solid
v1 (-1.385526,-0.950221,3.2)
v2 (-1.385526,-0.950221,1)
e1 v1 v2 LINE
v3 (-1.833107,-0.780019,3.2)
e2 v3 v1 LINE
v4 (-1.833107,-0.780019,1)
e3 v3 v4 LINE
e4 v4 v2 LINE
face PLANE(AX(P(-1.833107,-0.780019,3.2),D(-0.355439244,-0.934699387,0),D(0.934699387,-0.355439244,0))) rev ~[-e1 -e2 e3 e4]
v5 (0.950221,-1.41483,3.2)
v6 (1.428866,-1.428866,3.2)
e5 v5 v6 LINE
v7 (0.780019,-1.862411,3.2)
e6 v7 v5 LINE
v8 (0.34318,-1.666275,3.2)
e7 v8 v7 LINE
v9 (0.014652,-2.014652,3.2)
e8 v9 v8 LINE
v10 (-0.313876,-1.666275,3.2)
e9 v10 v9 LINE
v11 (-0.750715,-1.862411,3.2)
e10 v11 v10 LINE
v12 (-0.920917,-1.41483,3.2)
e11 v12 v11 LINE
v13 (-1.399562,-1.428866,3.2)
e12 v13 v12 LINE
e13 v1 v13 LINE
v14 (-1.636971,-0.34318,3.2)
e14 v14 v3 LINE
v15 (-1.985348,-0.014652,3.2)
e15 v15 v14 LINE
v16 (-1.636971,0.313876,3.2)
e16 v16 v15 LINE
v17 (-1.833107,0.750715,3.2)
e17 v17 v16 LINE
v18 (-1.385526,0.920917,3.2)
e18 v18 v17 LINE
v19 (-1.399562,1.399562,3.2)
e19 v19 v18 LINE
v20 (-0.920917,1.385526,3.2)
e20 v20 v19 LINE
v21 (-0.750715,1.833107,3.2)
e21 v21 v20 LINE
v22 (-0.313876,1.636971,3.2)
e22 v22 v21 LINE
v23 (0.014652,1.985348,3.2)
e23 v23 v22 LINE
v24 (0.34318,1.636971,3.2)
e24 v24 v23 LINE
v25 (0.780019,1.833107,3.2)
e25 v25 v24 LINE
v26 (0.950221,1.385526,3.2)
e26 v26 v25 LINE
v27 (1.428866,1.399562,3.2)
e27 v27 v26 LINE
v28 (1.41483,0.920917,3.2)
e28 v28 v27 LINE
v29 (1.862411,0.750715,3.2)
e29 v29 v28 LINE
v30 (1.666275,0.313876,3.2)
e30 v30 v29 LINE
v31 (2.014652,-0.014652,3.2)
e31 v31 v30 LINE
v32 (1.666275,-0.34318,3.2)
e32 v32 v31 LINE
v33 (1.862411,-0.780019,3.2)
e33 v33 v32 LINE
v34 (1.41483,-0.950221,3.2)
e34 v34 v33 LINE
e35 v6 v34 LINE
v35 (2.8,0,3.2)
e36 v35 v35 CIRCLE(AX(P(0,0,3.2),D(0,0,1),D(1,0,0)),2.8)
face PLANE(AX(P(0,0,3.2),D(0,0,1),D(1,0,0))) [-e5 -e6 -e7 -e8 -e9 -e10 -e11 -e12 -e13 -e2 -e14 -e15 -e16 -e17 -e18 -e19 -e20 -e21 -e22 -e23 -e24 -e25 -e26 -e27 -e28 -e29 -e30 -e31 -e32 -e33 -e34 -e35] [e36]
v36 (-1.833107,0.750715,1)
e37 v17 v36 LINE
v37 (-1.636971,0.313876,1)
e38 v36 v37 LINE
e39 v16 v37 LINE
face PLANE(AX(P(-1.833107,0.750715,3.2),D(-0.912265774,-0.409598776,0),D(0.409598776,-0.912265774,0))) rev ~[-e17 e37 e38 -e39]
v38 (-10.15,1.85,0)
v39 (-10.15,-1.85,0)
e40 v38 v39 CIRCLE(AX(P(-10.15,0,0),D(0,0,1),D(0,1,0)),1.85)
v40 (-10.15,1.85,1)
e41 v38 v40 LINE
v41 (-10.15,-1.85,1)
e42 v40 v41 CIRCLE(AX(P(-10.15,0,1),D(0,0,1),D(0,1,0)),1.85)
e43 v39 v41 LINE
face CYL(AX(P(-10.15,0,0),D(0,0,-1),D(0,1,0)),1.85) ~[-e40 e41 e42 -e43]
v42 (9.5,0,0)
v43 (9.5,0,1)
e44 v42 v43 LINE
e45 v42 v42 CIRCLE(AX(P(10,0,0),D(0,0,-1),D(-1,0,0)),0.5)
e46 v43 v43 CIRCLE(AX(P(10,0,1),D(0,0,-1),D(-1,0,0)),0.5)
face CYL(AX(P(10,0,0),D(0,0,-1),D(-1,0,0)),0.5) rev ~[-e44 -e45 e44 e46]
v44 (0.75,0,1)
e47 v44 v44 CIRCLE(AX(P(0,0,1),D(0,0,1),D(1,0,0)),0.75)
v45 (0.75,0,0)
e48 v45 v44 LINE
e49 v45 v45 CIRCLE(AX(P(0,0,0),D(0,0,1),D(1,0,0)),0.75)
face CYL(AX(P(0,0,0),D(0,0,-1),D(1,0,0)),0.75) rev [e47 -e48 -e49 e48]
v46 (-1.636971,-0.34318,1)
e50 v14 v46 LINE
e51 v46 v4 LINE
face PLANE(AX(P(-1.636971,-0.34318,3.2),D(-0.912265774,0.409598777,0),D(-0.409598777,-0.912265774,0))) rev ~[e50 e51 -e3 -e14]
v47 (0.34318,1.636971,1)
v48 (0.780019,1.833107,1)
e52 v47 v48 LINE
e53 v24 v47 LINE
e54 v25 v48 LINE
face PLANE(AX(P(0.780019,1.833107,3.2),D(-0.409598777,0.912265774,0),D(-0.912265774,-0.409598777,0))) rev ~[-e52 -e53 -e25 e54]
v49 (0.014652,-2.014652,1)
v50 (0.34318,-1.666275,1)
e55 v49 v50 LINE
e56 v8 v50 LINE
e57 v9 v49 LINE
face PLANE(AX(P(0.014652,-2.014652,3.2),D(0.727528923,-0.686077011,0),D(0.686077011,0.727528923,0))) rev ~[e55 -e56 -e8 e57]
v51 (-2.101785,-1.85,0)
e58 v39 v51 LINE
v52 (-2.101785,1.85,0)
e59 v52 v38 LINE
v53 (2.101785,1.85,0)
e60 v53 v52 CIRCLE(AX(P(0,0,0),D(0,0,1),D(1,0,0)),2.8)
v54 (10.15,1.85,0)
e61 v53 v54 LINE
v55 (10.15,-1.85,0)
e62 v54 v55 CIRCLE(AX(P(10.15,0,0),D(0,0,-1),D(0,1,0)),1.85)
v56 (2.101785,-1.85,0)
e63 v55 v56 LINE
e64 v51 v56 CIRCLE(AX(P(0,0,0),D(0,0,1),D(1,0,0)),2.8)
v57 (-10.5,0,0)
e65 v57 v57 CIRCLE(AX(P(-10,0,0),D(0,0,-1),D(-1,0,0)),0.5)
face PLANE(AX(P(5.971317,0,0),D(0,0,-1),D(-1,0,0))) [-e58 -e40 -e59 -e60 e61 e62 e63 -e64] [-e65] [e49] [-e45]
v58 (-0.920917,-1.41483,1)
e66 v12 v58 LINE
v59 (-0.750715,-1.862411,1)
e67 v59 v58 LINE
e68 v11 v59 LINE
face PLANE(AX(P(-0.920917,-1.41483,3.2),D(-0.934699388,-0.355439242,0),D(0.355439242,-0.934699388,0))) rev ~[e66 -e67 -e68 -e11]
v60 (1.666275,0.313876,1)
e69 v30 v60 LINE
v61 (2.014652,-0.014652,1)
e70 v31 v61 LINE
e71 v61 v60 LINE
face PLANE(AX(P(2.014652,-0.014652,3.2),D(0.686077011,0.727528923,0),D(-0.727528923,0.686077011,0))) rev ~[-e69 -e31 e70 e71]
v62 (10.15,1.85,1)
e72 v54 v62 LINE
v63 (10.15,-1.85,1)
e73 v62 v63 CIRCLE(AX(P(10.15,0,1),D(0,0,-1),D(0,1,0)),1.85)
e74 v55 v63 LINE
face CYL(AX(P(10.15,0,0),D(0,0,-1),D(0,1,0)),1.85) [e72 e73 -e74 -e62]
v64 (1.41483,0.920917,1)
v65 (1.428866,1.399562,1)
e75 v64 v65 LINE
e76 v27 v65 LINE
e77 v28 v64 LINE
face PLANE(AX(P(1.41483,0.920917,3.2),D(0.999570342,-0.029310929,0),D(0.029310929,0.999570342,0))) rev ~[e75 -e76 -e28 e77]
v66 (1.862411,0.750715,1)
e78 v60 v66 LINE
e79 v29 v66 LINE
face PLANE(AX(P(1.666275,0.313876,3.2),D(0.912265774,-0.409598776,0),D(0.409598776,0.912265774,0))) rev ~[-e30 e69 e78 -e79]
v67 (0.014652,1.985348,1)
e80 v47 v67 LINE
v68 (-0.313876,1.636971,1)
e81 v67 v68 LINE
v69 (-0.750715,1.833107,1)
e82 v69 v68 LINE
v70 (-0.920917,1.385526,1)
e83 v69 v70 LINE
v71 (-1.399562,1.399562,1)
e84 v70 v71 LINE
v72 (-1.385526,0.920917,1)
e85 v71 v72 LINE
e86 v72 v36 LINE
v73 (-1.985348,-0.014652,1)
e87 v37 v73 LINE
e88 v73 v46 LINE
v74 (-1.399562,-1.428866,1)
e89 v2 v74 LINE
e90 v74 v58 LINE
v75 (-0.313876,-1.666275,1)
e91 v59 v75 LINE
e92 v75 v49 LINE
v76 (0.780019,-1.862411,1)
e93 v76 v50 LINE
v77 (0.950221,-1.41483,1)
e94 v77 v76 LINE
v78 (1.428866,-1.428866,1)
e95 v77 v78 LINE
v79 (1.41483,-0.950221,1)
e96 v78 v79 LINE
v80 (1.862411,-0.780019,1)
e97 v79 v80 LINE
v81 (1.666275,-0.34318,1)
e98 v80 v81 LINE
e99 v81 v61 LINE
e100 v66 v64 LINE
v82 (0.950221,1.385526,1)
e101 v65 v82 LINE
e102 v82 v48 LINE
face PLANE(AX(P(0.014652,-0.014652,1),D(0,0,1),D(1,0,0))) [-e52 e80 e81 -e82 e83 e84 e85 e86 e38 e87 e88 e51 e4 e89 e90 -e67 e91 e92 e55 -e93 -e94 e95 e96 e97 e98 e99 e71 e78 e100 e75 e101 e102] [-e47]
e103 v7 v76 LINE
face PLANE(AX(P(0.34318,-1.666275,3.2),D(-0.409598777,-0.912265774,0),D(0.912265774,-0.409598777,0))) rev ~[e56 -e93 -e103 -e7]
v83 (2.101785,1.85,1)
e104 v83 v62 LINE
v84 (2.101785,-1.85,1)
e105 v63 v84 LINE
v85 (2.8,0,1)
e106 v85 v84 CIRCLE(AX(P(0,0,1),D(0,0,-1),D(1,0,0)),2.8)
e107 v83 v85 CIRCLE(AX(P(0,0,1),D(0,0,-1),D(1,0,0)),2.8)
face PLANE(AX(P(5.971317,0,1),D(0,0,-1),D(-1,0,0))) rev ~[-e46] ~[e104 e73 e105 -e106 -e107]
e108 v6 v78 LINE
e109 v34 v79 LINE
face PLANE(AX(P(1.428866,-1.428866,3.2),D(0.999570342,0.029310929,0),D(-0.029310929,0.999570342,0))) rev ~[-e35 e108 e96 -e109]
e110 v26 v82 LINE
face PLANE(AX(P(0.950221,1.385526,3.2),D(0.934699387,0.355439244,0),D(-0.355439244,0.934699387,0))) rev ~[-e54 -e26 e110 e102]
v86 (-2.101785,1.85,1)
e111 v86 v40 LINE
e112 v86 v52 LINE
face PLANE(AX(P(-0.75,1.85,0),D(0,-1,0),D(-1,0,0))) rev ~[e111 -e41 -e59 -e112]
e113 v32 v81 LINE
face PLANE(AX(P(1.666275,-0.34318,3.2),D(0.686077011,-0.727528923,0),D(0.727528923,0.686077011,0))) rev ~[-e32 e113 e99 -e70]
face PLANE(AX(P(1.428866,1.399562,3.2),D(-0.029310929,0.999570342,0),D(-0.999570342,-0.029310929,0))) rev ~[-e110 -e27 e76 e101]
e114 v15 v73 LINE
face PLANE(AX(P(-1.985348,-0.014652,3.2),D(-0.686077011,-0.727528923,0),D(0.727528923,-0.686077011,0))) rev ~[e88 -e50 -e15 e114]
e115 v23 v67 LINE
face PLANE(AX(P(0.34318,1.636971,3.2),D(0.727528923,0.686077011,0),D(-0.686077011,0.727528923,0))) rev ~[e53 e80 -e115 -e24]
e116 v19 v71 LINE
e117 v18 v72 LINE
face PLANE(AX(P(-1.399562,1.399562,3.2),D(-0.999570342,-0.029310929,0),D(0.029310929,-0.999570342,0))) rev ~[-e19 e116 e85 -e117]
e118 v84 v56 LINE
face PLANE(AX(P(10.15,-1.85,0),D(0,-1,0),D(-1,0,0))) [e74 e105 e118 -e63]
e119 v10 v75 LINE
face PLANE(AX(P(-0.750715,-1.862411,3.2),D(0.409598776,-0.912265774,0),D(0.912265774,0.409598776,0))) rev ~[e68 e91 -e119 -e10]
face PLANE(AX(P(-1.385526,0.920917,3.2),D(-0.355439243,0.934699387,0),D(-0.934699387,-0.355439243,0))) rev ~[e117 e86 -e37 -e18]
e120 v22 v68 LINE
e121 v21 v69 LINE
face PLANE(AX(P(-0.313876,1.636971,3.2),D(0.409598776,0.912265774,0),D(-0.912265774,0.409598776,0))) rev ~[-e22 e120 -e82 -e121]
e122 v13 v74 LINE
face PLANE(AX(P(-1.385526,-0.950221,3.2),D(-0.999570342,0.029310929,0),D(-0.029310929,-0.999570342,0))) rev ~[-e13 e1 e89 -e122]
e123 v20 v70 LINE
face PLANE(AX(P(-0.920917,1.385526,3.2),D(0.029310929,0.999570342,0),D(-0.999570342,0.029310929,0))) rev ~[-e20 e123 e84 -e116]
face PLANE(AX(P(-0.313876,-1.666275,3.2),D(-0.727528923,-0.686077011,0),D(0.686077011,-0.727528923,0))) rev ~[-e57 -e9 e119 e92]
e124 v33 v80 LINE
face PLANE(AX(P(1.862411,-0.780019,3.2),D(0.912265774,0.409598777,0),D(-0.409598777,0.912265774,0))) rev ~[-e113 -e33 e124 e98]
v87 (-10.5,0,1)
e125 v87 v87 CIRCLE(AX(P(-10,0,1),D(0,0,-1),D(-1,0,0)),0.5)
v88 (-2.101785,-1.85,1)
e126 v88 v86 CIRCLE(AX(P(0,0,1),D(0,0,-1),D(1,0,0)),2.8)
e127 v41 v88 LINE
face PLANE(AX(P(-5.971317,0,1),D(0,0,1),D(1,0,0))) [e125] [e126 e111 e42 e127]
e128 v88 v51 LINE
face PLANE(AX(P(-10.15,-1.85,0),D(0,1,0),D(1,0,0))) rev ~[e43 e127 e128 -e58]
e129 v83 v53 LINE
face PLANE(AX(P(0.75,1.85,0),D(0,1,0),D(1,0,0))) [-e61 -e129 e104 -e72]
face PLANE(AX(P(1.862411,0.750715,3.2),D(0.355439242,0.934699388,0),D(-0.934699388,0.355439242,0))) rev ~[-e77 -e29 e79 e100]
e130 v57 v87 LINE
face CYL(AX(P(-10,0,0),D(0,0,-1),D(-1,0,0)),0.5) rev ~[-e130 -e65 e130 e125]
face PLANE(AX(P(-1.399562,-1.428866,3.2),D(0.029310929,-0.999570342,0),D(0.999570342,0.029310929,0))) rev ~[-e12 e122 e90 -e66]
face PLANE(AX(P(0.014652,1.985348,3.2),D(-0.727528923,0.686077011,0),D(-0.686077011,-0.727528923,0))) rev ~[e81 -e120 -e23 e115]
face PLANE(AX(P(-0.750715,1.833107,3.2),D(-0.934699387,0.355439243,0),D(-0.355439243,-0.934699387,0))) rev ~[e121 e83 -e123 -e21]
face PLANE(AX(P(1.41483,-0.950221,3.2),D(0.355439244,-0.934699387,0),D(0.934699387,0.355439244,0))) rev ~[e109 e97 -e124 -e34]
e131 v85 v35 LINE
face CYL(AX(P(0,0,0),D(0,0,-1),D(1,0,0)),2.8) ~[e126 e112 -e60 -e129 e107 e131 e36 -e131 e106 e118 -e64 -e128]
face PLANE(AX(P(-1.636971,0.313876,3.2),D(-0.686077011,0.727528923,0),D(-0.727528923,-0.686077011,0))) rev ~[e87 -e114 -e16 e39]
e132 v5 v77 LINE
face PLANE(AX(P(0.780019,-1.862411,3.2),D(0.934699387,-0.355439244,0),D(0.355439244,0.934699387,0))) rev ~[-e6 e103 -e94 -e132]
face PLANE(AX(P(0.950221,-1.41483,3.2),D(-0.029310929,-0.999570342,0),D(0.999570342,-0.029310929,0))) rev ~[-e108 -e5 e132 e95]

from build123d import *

# Parameters (mm, degrees)
SKETCH1_R           = 2.8
BOSS_EXTRUDE1_DEPTH = 3.2
CUT_EXTRUDE1_DEPTH  = 2.2
SKETCH3_R           = 0.75
CUT_EXTRUDE2_DEPTH  = 1
BOSS_EXTRUDE2_DEPTH = 1
CUT_EXTRUDE3_REACH  = 5.2
SKETCH5_R           = 0.5


with BuildPart() as part:
    # Sketch1 → Boss-Extrude1 (new body)
    with BuildSketch(Plane.XY):
        Circle(SKETCH1_R)
    extrude(amount=BOSS_EXTRUDE1_DEPTH)

    # Sketch2 → Cut-Extrude1 (cut)
    with BuildSketch(Plane.XY.offset(3.2)):
        Polygon((0.014651949, 1.985348051), (-0.313876209, 1.636970634), (-0.750714916, 1.833107116), (-0.920917091, 1.385526068), (-1.399561614, 1.399561614), (-1.385526068, 0.920917091), (-1.833107116, 0.750714916), (-1.636970634, 0.313876209), (-1.985348051, -0.014651949), (-1.636970634, -0.343180107), (-1.833107116, -0.780018813), (-1.385526068, -0.950220989), (-1.399561614, -1.428865511), (-0.920917091, -1.414829965), (-0.750714916, -1.862411014), (-0.313876209, -1.666274532), (0.014651949, -2.014651949), (0.343180107, -1.666274532), (0.780018813, -1.862411014), (0.950220989, -1.414829965), (1.428865511, -1.428865511), (1.414829965, -0.950220989), (1.862411014, -0.780018813), (1.666274532, -0.343180107), (2.014651949, -0.014651949), (1.666274532, 0.313876209), (1.862411014, 0.750714916), (1.414829965, 0.920917091), (1.428865511, 1.399561614), (0.950220989, 1.385526068), (0.780018813, 1.833107116), (0.343180107, 1.636970634), align=None)
    extrude(amount=-CUT_EXTRUDE1_DEPTH, mode=Mode.SUBTRACT)

    # Sketch3 → Cut-Extrude2 (cut)
    with BuildSketch(Plane.XY):
        Circle(SKETCH3_R)
    extrude(amount=CUT_EXTRUDE2_DEPTH, mode=Mode.SUBTRACT)

    # Sketch4 → Boss-Extrude2 (add)
    with BuildSketch(Plane.XY):
        with BuildLine():
            ThreePointArc((10.15, 1.85), (12, 0), (10.15, -1.85))
            Line((10.15, -1.85), (0.75, -1.85))
            Line((0.75, -1.85), (0.75, 1.85))
            Line((0.75, 1.85), (10.15, 1.85))
        make_face()
        with BuildLine():
            Line((-0.75, 1.85), (-10.15, 1.85))
            ThreePointArc((-10.15, 1.85), (-12, 0), (-10.15, -1.85))
            Line((-10.15, -1.85), (-0.75, -1.85))
            Line((-0.75, -1.85), (-0.75, 1.85))
        make_face()
    extrude(amount=BOSS_EXTRUDE2_DEPTH)

    # Sketch5 → Cut-Extrude3 (cut, up to next)
    with BuildSketch(Plane(origin=(0, 0, 0), x_dir=(-1, 0, 0), z_dir=(0, 0, -1)), mode=Mode.PRIVATE) as cut_extrude3_sk1:
        with Locations((10, 0)):
            Circle(SKETCH5_R)
    cut_extrude3_tool1 = extrude(cut_extrude3_sk1.sketch, amount=-CUT_EXTRUDE3_REACH, mode=Mode.PRIVATE) & part.part
    add(cut_extrude3_tool1.solids().sort_by_distance((-10, 0, 0))[0], mode=Mode.SUBTRACT)
    # Sketch5 → Cut-Extrude3 (cut, up to next)
    with BuildSketch(Plane(origin=(0, 0, 0), x_dir=(-1, 0, 0), z_dir=(0, 0, -1)), mode=Mode.PRIVATE) as cut_extrude3_sk2:
        with Locations((-10, 0)):
            Circle(SKETCH5_R)
    cut_extrude3_tool2 = extrude(cut_extrude3_sk2.sketch, amount=-CUT_EXTRUDE3_REACH, mode=Mode.PRIVATE) & part.part
    add(cut_extrude3_tool2.solids().sort_by_distance((10, 0, 0))[0], mode=Mode.SUBTRACT)


solid = part.part
